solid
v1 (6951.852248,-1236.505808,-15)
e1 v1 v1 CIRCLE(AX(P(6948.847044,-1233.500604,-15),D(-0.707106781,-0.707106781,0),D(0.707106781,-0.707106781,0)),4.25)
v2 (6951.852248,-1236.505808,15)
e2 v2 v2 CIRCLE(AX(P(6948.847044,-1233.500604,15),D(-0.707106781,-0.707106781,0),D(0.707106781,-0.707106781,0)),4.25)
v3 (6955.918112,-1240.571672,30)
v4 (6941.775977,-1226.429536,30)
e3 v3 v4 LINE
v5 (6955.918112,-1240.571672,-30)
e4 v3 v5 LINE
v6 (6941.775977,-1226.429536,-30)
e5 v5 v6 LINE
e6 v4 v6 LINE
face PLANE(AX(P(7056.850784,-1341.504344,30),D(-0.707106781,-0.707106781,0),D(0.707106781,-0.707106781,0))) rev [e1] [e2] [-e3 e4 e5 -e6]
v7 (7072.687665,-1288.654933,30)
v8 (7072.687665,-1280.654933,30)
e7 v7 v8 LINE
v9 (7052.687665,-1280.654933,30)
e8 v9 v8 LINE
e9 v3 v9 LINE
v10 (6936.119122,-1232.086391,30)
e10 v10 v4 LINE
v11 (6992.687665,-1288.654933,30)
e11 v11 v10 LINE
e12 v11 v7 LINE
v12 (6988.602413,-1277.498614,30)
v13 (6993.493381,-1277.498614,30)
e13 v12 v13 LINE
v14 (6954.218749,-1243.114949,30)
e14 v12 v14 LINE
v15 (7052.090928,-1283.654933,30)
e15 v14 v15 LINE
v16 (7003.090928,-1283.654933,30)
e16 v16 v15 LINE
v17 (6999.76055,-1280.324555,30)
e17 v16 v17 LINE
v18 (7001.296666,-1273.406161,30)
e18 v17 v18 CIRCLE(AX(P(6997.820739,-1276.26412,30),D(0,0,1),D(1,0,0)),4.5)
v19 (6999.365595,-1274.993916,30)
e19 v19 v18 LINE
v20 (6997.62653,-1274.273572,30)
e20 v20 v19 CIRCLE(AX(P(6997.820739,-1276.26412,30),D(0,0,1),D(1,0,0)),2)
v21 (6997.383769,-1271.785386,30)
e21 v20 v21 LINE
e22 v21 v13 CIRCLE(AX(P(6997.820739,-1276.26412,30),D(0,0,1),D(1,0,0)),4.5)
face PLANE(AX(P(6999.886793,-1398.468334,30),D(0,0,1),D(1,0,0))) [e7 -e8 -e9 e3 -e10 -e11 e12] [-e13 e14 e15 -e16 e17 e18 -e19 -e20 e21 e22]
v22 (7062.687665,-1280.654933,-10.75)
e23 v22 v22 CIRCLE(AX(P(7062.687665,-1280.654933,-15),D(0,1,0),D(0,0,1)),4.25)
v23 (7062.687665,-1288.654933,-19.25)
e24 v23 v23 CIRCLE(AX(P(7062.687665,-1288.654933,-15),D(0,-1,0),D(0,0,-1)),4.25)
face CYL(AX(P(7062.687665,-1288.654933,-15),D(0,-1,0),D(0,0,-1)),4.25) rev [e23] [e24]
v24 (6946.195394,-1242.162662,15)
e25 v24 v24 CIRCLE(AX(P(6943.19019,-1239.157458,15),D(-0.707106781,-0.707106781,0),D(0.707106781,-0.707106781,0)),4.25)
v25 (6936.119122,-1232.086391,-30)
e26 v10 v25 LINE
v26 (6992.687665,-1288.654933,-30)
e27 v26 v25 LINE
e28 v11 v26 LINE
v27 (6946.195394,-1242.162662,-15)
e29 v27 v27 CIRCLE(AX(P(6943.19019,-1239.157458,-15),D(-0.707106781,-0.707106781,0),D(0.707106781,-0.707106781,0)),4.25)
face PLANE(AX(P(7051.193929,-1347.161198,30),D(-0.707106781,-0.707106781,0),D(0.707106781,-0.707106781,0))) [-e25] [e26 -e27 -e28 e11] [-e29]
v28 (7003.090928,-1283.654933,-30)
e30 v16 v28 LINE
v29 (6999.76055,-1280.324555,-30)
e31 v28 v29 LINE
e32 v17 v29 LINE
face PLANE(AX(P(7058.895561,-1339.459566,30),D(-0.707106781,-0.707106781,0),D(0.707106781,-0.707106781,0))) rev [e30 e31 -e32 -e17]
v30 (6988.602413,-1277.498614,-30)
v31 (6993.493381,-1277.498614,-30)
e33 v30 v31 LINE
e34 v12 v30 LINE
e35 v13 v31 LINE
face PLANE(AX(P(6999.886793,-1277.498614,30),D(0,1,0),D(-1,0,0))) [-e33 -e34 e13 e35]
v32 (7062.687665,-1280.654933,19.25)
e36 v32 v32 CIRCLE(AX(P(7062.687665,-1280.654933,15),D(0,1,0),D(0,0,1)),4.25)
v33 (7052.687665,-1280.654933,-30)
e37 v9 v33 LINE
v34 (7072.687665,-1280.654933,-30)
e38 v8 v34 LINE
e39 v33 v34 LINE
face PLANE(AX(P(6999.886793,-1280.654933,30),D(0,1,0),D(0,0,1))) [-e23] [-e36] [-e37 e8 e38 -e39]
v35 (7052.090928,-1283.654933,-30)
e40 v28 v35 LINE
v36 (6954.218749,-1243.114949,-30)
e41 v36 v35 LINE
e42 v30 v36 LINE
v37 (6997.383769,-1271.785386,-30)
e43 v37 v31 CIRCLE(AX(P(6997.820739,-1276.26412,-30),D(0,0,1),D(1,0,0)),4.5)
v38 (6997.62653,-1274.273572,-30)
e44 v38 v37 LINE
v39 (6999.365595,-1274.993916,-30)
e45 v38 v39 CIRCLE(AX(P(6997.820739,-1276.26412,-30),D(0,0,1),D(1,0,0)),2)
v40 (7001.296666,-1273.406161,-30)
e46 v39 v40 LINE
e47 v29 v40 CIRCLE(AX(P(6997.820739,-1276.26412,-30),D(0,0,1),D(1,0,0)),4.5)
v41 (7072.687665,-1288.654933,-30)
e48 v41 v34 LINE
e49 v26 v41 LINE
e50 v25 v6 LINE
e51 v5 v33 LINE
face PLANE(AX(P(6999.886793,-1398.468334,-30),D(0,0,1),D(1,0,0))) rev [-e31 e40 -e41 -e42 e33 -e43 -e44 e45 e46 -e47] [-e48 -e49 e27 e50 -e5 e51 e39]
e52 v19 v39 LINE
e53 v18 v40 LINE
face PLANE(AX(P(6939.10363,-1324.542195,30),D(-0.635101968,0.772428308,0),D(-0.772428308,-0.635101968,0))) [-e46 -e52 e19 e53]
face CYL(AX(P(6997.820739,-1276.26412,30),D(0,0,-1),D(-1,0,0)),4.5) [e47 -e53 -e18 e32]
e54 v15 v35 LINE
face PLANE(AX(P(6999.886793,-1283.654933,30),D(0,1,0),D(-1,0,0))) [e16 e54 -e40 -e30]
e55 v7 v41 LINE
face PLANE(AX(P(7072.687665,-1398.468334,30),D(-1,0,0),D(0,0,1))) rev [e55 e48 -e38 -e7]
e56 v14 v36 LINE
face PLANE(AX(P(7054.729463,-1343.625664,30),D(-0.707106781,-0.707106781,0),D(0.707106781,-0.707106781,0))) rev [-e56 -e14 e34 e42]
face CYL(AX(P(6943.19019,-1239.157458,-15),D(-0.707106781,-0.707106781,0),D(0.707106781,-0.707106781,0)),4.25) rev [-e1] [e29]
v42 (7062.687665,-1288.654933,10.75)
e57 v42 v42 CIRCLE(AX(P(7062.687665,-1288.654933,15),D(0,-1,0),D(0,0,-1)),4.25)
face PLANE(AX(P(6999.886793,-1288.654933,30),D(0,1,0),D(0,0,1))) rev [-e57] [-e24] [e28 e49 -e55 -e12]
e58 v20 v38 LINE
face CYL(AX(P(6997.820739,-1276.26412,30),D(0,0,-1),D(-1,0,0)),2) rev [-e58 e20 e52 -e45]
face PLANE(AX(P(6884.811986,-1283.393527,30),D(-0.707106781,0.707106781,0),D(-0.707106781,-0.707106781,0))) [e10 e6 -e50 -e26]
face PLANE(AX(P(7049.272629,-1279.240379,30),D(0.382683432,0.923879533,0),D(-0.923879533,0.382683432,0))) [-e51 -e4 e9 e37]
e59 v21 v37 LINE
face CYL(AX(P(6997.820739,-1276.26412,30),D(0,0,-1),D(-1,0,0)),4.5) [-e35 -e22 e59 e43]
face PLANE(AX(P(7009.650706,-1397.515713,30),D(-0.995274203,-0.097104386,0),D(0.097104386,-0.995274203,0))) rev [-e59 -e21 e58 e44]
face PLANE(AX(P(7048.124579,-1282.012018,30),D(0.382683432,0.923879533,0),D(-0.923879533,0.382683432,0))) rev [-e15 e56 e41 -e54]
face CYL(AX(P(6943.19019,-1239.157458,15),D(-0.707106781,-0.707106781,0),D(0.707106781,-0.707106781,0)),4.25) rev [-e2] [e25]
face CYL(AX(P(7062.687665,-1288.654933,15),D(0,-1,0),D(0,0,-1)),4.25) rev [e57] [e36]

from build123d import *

# Parameters (mm, degrees)
EXTRUDE_1_DEPTH         = 30
HOLE_WIZARD_8_5_8_5_1_D = 8.5
HOLE_WIZARD_8_5_8_5_2_D = 8.5


with BuildPart() as part:
    # 草图1 → 凸台-拉伸1 (new, symmetric)
    with BuildSketch(Plane.XY):
        Polygon((6936.119122288, -1232.086390659), (6992.687664783, -1288.654933154), (7072.687664783, -1288.654933154), (7072.687664783, -1280.654933154), (7052.687664783, -1280.654933154), (6955.918112162, -1240.571672033), (6941.775976538, -1226.429536409), align=None)
        with BuildLine():
            Line((7009.090927681, -1283.654933154), (7003.090927681, -1283.654933154))
            Line((7003.090927681, -1283.654933154), (6999.760549745, -1280.324555218))
            ThreePointArc((6999.760549745, -1280.324555218), (7002.213755914, -1277.239517812), (7001.296666197, -1273.406161221))
            Line((7001.296666197, -1273.406161221), (6999.365595427, -1274.993916141))
            ThreePointArc((6999.365595427, -1274.993916141), (6997.055371947, -1278.111879141), (6997.626530039, -1274.273571671))
            Line((6997.626530039, -1274.273571671), (6997.383769074, -1271.785386165))
            ThreePointArc((6997.383769074, -1271.785386165), (6994.101203016, -1273.731324494), (6993.49338103, -1277.49861375))
            Line((6993.49338103, -1277.49861375), (6988.602413191, -1277.49861375))
            Line((6988.602413191, -1277.49861375), (6954.21874867, -1243.114949228))
            Line((6954.21874867, -1243.114949228), (7052.090927681, -1283.654933154))
            Line((7052.090927681, -1283.654933154), (7029.403393536, -1283.654933154))
            Line((7029.403393536, -1283.654933154), (7009.090927681, -1283.654933154))
        make_face(mode=Mode.SUBTRACT)
    extrude(amount=EXTRUDE_1_DEPTH, both=True)

    # Ø8.5 (8.5) 直径孔1 (through all)
    with Locations(Plane(origin=(2852.016365815, 2852.016365815, 0), x_dir=(0.7071067811865628, -0.7071067811865324, 0), z_dir=(-0.7071067811865324, -0.7071067811865628, 0))):
        with Locations((5785.79350833, -15), (5785.79350833, 15)):
            Hole(HOLE_WIZARD_8_5_8_5_1_D / 2)

    # Ø8.5 (8.5) 直径孔2 (through all)
    with Locations(Plane.XZ.offset(1288.654933154)):
        with Locations((7062.687664783, 15), (7062.687664783, -15)):
            Hole(HOLE_WIZARD_8_5_8_5_2_D / 2)


solid = part.part
